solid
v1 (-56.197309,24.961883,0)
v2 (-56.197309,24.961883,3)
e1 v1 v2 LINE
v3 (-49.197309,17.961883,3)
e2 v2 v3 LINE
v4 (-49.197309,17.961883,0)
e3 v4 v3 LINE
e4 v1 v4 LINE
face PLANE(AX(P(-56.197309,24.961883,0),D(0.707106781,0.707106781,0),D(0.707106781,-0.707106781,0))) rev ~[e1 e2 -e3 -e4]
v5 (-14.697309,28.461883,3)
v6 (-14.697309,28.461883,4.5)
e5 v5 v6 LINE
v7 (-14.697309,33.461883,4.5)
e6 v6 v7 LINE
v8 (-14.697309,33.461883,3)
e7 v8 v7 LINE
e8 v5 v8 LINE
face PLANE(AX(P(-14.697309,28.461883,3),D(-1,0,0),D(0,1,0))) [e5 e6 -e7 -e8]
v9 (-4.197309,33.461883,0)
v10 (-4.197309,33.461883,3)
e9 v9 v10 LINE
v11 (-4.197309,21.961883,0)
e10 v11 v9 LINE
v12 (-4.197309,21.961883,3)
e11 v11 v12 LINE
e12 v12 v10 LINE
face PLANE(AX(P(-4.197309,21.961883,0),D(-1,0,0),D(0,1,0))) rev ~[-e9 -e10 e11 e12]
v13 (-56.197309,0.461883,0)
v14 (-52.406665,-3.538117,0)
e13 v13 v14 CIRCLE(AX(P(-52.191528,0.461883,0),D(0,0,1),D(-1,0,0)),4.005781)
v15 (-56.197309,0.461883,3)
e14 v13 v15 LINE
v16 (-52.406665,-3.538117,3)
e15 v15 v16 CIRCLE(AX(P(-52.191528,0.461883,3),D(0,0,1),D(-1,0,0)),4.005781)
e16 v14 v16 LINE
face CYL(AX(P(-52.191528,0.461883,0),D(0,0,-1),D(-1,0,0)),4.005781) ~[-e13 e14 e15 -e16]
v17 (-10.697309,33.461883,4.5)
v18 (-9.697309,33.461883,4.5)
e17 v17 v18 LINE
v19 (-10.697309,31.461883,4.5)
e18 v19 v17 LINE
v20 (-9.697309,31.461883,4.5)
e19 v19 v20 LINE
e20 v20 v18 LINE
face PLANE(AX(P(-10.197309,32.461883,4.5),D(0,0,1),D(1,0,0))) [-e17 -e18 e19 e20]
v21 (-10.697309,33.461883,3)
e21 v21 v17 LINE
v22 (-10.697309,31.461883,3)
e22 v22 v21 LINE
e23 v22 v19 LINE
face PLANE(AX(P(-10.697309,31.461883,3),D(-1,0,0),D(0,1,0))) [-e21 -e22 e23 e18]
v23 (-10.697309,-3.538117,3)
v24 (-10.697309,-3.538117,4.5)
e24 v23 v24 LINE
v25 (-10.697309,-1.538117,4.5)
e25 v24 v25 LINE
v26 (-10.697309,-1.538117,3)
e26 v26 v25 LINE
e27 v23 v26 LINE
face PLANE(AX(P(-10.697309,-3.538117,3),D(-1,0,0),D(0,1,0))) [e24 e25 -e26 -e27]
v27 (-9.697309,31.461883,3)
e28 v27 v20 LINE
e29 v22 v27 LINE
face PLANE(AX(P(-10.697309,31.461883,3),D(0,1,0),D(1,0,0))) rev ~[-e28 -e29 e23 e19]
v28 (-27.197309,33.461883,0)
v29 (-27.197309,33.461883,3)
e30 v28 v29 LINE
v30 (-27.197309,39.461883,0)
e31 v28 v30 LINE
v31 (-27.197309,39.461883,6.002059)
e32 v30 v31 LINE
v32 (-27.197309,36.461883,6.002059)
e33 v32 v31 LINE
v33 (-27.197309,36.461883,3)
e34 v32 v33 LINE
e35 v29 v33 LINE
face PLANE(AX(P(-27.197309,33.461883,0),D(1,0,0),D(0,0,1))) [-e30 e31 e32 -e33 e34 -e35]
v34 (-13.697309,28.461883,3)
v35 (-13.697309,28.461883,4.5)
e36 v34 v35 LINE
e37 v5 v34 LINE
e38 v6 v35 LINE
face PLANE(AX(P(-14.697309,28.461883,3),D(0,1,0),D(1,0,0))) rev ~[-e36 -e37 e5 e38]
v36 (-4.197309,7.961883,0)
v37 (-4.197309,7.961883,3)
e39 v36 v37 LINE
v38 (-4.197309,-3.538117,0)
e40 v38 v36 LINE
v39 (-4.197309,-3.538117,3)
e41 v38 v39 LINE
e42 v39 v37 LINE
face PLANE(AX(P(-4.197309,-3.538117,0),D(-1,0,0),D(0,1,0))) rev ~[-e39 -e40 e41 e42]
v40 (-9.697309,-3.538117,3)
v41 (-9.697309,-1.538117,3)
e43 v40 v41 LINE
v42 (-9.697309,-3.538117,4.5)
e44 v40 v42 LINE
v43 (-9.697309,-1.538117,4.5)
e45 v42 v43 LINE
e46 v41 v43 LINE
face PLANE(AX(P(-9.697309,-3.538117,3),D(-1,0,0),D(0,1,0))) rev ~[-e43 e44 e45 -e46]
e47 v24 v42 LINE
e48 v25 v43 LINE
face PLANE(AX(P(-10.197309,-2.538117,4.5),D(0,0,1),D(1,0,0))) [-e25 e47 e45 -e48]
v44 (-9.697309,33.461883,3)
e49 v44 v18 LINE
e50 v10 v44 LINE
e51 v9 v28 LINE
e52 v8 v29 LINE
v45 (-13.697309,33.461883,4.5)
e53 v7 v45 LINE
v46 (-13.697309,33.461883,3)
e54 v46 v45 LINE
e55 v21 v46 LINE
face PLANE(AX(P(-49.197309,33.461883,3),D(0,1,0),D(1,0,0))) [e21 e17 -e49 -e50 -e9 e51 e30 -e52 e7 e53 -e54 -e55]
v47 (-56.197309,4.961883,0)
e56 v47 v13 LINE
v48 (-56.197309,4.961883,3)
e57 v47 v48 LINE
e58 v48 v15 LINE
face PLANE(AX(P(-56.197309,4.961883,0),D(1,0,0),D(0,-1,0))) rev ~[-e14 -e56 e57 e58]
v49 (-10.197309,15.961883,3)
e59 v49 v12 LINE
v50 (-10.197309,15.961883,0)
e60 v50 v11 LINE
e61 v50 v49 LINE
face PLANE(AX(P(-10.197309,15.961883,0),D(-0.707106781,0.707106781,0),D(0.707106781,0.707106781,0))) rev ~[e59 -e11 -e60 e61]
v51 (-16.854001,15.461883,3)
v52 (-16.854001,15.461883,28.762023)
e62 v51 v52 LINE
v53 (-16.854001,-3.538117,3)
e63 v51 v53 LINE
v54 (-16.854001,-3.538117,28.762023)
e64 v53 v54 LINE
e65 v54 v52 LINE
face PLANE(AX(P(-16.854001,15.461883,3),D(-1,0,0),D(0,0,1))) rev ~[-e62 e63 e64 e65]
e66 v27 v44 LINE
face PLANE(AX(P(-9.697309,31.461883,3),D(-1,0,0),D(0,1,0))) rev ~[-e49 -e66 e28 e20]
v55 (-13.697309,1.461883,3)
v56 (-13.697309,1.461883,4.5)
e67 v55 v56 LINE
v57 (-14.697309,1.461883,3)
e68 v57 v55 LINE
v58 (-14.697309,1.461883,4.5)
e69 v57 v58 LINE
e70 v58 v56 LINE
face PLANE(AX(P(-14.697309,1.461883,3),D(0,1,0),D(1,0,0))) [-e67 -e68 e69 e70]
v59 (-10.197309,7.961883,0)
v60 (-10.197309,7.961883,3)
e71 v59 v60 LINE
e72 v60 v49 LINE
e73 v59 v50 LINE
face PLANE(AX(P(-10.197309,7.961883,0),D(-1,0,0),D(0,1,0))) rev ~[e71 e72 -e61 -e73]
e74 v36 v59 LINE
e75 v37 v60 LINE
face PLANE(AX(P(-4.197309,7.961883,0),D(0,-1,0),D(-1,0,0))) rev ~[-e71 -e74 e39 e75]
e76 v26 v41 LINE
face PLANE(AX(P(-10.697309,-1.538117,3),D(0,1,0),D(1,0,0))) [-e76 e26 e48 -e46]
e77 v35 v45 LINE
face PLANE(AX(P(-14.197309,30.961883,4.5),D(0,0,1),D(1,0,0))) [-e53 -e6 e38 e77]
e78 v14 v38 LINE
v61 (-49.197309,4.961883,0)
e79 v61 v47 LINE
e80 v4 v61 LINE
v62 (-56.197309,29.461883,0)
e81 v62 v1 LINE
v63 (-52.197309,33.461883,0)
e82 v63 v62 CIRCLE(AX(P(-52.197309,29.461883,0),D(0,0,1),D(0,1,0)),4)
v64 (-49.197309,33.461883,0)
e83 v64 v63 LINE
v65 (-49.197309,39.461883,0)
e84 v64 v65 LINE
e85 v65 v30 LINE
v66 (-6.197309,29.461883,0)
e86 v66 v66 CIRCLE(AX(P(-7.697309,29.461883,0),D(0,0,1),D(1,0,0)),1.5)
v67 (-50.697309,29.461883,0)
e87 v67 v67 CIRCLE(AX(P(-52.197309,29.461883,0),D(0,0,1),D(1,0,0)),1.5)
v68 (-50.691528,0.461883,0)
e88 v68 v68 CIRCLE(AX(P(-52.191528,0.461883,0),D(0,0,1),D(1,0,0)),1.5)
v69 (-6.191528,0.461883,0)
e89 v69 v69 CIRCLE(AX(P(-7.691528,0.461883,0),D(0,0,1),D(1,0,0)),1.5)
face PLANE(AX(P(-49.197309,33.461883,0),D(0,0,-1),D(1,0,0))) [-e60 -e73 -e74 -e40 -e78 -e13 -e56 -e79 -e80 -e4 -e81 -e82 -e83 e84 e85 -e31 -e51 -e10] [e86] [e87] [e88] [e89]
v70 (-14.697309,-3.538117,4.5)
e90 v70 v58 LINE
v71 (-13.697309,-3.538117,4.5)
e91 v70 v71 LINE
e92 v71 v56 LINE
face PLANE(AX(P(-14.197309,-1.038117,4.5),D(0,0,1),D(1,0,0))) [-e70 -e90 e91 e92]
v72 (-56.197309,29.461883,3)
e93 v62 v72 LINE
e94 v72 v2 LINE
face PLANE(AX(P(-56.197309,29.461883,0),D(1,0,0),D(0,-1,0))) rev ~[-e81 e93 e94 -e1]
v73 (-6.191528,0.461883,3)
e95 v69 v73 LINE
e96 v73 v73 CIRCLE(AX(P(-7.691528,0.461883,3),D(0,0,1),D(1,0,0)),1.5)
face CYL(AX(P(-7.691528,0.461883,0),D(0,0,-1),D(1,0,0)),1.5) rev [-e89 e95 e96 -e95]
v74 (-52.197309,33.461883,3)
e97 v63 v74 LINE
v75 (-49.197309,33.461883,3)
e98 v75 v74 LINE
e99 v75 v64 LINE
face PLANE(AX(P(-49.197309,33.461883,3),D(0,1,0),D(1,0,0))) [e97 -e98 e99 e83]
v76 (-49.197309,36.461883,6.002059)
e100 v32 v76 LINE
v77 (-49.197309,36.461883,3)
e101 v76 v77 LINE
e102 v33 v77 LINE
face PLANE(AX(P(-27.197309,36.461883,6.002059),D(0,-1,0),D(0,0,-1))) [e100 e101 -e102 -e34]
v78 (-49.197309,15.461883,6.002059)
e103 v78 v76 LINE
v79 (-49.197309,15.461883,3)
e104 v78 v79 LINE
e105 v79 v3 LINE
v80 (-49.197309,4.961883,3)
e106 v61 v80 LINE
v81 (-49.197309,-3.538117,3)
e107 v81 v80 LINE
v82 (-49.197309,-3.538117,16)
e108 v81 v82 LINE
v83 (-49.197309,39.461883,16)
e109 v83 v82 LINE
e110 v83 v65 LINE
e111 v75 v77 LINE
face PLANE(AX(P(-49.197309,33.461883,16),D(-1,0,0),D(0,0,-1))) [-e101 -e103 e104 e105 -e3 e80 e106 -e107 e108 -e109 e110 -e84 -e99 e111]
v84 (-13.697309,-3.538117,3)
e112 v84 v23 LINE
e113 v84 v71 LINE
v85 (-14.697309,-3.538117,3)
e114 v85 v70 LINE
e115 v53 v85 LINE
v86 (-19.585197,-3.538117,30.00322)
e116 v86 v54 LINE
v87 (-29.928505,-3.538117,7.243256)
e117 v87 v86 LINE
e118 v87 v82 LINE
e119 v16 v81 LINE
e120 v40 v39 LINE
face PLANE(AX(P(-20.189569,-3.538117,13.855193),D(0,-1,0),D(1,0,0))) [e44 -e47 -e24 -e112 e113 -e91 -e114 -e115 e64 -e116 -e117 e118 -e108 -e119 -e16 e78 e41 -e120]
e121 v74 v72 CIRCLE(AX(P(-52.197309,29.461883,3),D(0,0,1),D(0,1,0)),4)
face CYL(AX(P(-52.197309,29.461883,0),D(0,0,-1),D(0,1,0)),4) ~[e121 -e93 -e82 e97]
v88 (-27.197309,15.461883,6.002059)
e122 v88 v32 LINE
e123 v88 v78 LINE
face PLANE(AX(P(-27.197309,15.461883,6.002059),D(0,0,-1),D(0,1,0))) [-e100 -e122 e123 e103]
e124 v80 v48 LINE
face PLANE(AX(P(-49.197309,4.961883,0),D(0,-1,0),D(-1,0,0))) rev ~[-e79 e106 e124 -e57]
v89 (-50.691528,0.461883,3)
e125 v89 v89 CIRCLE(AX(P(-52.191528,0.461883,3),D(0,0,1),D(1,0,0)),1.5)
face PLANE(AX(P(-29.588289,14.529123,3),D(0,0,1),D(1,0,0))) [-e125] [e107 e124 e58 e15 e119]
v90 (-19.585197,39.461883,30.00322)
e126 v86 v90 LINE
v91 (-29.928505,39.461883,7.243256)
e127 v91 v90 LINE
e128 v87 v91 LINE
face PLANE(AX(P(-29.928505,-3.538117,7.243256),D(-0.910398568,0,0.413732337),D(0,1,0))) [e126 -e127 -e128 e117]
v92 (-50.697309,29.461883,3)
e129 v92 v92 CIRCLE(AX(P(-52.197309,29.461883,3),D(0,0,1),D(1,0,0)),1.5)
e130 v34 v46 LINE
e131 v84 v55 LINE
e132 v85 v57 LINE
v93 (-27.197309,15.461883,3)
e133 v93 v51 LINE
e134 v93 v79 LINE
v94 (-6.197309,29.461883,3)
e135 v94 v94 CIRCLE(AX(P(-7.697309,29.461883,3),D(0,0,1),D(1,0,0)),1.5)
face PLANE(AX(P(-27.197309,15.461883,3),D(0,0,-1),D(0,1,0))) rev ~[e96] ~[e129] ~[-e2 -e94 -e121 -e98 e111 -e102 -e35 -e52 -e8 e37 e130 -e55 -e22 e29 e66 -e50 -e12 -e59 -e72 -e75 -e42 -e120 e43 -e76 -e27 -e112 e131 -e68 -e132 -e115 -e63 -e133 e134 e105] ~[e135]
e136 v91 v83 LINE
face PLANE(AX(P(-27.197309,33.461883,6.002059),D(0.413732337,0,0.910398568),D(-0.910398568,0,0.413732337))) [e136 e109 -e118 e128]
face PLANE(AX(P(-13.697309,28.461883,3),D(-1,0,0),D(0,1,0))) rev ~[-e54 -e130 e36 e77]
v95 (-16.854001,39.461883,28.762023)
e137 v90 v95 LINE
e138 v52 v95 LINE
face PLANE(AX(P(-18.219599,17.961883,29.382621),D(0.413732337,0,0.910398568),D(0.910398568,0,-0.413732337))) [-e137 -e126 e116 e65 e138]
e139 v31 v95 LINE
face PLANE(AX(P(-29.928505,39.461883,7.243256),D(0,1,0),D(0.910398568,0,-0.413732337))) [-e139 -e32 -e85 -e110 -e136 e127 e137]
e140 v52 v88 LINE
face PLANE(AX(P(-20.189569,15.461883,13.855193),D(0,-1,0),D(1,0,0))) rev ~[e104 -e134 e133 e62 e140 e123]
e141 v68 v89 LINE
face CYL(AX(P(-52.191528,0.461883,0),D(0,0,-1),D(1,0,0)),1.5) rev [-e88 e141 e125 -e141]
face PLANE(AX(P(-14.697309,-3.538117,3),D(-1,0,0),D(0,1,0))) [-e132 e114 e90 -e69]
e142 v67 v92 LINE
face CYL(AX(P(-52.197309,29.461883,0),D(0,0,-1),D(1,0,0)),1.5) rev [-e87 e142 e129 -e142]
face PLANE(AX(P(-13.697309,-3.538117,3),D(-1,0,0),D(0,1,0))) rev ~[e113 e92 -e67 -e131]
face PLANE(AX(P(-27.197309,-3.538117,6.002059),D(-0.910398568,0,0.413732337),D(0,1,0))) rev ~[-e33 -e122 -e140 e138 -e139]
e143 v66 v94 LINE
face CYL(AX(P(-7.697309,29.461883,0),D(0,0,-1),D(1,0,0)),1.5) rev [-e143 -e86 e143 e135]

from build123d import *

# Parameters (mm, degrees)
CROQUIS1_R              = 1.5
SALIENTE_EXTRUIR1_DEPTH = 3
CROQUIS3_W              = 22
CROQUIS3_H              = 37
SALIENTE_EXTRUIR2_DEPTH = 13
CORTAR_EXTRUIR1_START   = -37
CORTAR_EXTRUIR1_DEPTH   = 37
SALIENTE_EXTRUIR4_DEPTH = 6
CROQUIS7_W              = 3.002058729
CROQUIS7_H              = 21
CORTAR_EXTRUIR2_DEPTH   = 22
CROQUIS8_W              = 3
CROQUIS8_H              = 43
SALIENTE_EXTRUIR5_DEPTH = 25
SALIENTE_EXTRUIR6_START = -19
SALIENTE_EXTRUIR6_DEPTH = 19
CROQUIS13_W             = 1
CROQUIS13_H             = 2
CROQUIS13_H_2           = 5
SALIENTE_EXTRUIR8_DEPTH = 1.5


with BuildPart() as part:
    # Croquis1 → Saliente-Extruir1 (new body)
    with BuildSketch(Plane.XY):
        with BuildLine():
            Line((-56.197309417, 29.461883408), (-56.197309417, 24.961883408))
            Line((-56.197309417, 24.961883408), (-49.197309417, 17.961883408))
            Line((-49.197309417, 17.961883408), (-49.197309417, 4.961883408))
            Line((-49.197309417, 4.961883408), (-56.197309417, 4.961883408))
            Line((-56.197309417, 4.961883408), (-56.197309417, 0.461883408))
            ThreePointArc((-56.197309417, 0.461883408), (-55.099110766, -2.293519818), (-52.406664651, -3.538116592))
            Line((-52.406664651, -3.538116592), (-4.197309417, -3.538116592))
            Line((-4.197309417, -3.538116592), (-4.197309417, 7.961883408))
            Line((-4.197309417, 7.961883408), (-10.197309417, 7.961883408))
            Line((-10.197309417, 7.961883408), (-10.197309417, 15.961883408))
            Line((-10.197309417, 15.961883408), (-4.197309417, 21.961883408))
            Line((-4.197309417, 21.961883408), (-4.197309417, 33.461883408))
            Line((-4.197309417, 33.461883408), (-52.197309417, 33.461883408))
            ThreePointArc((-52.197309417, 33.461883408), (-55.025736542, 32.290310533), (-56.197309417, 29.461883408))
        make_face()
        with Locations((-52.19152813, 0.461883408)):
            Circle(CROQUIS1_R, mode=Mode.SUBTRACT)
        with Locations((-7.69152813, 0.461883408)):
            Circle(CROQUIS1_R, mode=Mode.SUBTRACT)
        with Locations((-52.197309417, 29.461883408)):
            Circle(CROQUIS1_R, mode=Mode.SUBTRACT)
        with Locations((-7.697309417, 29.461882832)):
            Circle(CROQUIS1_R, mode=Mode.SUBTRACT)
    extrude(amount=SALIENTE_EXTRUIR1_DEPTH)

    # Croquis3 → Saliente-Extruir2 (add)
    with BuildSketch(Plane.XY.offset(3)):
        with Locations((-38.197309417, 14.961883408)):
            Rectangle(CROQUIS3_W, CROQUIS3_H)
    extrude(amount=SALIENTE_EXTRUIR2_DEPTH)

    # Croquis4 → Cortar-Extruir1 (cut)
    with BuildSketch(Plane.XZ.offset(3.538116592).offset(CORTAR_EXTRUIR1_START)):
        Polygon((-27.197309417, 16), (-27.197309417, 6.002058729), (-49.197309417, 16), align=None)
    extrude(amount=CORTAR_EXTRUIR1_DEPTH, mode=Mode.SUBTRACT)

    # Croquis6 → Saliente-Extruir4 (add)
    with BuildSketch(Plane(origin=(0, 33.461883408, 0), x_dir=(1, 0, 0), z_dir=(0, 1, 0))):
        Polygon((-27.197309417, -6.002058729), (-49.197309417, -16), (-49.197309417, 0), (-27.197309417, 0), align=None)
    extrude(amount=SALIENTE_EXTRUIR4_DEPTH)

    # Croquis7 → Cortar-Extruir2 (cut)
    with BuildSketch(Plane(origin=(-27.197309417, 0, 0), x_dir=(0, 0, -1), z_dir=(1, 0, 0))):
        with Locations((-4.501029365, 25.961883408)):
            Rectangle(CROQUIS7_W, CROQUIS7_H)
    extrude(amount=-CORTAR_EXTRUIR2_DEPTH, mode=Mode.SUBTRACT)

    # Croquis8 → Saliente-Extruir5 (add)
    with BuildSketch(Plane(origin=(-2.394740987, 0, -5.269515022), x_dir=(0.9103985682863143, 0, -0.4137323372208525), z_dir=(0.4137323372208525, 0, 0.9103985682863143))):
        with Locations((-28.743637341, 17.961883408)):
            Rectangle(CROQUIS8_W, CROQUIS8_H)
    extrude(amount=SALIENTE_EXTRUIR5_DEPTH)

    # Croquis9 → Saliente-Extruir6 (add)
    with BuildSketch(Plane.XZ.offset(3.538116592).offset(SALIENTE_EXTRUIR6_START)):
        Polygon((-16.854000987, 28.762022936), (-27.197309417, 6.002058729), (-27.197309417, 3), (-16.854000987, 3), align=None)
    extrude(amount=SALIENTE_EXTRUIR6_DEPTH)

    # Croquis13 → Saliente-Extruir8 (add)
    with BuildSketch(Plane.XY.offset(3)):
        with Locations((-10.197309417, -2.538116592)):
            Rectangle(CROQUIS13_W, CROQUIS13_H)
        with Locations((-10.197309417, 32.461883408)):
            Rectangle(CROQUIS13_W, CROQUIS13_H)
        with Locations((-14.197309417, 30.961883408)):
            Rectangle(CROQUIS13_W, CROQUIS13_H_2)
        with Locations((-14.197309417, -1.038116592)):
            Rectangle(CROQUIS13_W, CROQUIS13_H_2)
    extrude(amount=SALIENTE_EXTRUIR8_DEPTH)


solid = part.part
